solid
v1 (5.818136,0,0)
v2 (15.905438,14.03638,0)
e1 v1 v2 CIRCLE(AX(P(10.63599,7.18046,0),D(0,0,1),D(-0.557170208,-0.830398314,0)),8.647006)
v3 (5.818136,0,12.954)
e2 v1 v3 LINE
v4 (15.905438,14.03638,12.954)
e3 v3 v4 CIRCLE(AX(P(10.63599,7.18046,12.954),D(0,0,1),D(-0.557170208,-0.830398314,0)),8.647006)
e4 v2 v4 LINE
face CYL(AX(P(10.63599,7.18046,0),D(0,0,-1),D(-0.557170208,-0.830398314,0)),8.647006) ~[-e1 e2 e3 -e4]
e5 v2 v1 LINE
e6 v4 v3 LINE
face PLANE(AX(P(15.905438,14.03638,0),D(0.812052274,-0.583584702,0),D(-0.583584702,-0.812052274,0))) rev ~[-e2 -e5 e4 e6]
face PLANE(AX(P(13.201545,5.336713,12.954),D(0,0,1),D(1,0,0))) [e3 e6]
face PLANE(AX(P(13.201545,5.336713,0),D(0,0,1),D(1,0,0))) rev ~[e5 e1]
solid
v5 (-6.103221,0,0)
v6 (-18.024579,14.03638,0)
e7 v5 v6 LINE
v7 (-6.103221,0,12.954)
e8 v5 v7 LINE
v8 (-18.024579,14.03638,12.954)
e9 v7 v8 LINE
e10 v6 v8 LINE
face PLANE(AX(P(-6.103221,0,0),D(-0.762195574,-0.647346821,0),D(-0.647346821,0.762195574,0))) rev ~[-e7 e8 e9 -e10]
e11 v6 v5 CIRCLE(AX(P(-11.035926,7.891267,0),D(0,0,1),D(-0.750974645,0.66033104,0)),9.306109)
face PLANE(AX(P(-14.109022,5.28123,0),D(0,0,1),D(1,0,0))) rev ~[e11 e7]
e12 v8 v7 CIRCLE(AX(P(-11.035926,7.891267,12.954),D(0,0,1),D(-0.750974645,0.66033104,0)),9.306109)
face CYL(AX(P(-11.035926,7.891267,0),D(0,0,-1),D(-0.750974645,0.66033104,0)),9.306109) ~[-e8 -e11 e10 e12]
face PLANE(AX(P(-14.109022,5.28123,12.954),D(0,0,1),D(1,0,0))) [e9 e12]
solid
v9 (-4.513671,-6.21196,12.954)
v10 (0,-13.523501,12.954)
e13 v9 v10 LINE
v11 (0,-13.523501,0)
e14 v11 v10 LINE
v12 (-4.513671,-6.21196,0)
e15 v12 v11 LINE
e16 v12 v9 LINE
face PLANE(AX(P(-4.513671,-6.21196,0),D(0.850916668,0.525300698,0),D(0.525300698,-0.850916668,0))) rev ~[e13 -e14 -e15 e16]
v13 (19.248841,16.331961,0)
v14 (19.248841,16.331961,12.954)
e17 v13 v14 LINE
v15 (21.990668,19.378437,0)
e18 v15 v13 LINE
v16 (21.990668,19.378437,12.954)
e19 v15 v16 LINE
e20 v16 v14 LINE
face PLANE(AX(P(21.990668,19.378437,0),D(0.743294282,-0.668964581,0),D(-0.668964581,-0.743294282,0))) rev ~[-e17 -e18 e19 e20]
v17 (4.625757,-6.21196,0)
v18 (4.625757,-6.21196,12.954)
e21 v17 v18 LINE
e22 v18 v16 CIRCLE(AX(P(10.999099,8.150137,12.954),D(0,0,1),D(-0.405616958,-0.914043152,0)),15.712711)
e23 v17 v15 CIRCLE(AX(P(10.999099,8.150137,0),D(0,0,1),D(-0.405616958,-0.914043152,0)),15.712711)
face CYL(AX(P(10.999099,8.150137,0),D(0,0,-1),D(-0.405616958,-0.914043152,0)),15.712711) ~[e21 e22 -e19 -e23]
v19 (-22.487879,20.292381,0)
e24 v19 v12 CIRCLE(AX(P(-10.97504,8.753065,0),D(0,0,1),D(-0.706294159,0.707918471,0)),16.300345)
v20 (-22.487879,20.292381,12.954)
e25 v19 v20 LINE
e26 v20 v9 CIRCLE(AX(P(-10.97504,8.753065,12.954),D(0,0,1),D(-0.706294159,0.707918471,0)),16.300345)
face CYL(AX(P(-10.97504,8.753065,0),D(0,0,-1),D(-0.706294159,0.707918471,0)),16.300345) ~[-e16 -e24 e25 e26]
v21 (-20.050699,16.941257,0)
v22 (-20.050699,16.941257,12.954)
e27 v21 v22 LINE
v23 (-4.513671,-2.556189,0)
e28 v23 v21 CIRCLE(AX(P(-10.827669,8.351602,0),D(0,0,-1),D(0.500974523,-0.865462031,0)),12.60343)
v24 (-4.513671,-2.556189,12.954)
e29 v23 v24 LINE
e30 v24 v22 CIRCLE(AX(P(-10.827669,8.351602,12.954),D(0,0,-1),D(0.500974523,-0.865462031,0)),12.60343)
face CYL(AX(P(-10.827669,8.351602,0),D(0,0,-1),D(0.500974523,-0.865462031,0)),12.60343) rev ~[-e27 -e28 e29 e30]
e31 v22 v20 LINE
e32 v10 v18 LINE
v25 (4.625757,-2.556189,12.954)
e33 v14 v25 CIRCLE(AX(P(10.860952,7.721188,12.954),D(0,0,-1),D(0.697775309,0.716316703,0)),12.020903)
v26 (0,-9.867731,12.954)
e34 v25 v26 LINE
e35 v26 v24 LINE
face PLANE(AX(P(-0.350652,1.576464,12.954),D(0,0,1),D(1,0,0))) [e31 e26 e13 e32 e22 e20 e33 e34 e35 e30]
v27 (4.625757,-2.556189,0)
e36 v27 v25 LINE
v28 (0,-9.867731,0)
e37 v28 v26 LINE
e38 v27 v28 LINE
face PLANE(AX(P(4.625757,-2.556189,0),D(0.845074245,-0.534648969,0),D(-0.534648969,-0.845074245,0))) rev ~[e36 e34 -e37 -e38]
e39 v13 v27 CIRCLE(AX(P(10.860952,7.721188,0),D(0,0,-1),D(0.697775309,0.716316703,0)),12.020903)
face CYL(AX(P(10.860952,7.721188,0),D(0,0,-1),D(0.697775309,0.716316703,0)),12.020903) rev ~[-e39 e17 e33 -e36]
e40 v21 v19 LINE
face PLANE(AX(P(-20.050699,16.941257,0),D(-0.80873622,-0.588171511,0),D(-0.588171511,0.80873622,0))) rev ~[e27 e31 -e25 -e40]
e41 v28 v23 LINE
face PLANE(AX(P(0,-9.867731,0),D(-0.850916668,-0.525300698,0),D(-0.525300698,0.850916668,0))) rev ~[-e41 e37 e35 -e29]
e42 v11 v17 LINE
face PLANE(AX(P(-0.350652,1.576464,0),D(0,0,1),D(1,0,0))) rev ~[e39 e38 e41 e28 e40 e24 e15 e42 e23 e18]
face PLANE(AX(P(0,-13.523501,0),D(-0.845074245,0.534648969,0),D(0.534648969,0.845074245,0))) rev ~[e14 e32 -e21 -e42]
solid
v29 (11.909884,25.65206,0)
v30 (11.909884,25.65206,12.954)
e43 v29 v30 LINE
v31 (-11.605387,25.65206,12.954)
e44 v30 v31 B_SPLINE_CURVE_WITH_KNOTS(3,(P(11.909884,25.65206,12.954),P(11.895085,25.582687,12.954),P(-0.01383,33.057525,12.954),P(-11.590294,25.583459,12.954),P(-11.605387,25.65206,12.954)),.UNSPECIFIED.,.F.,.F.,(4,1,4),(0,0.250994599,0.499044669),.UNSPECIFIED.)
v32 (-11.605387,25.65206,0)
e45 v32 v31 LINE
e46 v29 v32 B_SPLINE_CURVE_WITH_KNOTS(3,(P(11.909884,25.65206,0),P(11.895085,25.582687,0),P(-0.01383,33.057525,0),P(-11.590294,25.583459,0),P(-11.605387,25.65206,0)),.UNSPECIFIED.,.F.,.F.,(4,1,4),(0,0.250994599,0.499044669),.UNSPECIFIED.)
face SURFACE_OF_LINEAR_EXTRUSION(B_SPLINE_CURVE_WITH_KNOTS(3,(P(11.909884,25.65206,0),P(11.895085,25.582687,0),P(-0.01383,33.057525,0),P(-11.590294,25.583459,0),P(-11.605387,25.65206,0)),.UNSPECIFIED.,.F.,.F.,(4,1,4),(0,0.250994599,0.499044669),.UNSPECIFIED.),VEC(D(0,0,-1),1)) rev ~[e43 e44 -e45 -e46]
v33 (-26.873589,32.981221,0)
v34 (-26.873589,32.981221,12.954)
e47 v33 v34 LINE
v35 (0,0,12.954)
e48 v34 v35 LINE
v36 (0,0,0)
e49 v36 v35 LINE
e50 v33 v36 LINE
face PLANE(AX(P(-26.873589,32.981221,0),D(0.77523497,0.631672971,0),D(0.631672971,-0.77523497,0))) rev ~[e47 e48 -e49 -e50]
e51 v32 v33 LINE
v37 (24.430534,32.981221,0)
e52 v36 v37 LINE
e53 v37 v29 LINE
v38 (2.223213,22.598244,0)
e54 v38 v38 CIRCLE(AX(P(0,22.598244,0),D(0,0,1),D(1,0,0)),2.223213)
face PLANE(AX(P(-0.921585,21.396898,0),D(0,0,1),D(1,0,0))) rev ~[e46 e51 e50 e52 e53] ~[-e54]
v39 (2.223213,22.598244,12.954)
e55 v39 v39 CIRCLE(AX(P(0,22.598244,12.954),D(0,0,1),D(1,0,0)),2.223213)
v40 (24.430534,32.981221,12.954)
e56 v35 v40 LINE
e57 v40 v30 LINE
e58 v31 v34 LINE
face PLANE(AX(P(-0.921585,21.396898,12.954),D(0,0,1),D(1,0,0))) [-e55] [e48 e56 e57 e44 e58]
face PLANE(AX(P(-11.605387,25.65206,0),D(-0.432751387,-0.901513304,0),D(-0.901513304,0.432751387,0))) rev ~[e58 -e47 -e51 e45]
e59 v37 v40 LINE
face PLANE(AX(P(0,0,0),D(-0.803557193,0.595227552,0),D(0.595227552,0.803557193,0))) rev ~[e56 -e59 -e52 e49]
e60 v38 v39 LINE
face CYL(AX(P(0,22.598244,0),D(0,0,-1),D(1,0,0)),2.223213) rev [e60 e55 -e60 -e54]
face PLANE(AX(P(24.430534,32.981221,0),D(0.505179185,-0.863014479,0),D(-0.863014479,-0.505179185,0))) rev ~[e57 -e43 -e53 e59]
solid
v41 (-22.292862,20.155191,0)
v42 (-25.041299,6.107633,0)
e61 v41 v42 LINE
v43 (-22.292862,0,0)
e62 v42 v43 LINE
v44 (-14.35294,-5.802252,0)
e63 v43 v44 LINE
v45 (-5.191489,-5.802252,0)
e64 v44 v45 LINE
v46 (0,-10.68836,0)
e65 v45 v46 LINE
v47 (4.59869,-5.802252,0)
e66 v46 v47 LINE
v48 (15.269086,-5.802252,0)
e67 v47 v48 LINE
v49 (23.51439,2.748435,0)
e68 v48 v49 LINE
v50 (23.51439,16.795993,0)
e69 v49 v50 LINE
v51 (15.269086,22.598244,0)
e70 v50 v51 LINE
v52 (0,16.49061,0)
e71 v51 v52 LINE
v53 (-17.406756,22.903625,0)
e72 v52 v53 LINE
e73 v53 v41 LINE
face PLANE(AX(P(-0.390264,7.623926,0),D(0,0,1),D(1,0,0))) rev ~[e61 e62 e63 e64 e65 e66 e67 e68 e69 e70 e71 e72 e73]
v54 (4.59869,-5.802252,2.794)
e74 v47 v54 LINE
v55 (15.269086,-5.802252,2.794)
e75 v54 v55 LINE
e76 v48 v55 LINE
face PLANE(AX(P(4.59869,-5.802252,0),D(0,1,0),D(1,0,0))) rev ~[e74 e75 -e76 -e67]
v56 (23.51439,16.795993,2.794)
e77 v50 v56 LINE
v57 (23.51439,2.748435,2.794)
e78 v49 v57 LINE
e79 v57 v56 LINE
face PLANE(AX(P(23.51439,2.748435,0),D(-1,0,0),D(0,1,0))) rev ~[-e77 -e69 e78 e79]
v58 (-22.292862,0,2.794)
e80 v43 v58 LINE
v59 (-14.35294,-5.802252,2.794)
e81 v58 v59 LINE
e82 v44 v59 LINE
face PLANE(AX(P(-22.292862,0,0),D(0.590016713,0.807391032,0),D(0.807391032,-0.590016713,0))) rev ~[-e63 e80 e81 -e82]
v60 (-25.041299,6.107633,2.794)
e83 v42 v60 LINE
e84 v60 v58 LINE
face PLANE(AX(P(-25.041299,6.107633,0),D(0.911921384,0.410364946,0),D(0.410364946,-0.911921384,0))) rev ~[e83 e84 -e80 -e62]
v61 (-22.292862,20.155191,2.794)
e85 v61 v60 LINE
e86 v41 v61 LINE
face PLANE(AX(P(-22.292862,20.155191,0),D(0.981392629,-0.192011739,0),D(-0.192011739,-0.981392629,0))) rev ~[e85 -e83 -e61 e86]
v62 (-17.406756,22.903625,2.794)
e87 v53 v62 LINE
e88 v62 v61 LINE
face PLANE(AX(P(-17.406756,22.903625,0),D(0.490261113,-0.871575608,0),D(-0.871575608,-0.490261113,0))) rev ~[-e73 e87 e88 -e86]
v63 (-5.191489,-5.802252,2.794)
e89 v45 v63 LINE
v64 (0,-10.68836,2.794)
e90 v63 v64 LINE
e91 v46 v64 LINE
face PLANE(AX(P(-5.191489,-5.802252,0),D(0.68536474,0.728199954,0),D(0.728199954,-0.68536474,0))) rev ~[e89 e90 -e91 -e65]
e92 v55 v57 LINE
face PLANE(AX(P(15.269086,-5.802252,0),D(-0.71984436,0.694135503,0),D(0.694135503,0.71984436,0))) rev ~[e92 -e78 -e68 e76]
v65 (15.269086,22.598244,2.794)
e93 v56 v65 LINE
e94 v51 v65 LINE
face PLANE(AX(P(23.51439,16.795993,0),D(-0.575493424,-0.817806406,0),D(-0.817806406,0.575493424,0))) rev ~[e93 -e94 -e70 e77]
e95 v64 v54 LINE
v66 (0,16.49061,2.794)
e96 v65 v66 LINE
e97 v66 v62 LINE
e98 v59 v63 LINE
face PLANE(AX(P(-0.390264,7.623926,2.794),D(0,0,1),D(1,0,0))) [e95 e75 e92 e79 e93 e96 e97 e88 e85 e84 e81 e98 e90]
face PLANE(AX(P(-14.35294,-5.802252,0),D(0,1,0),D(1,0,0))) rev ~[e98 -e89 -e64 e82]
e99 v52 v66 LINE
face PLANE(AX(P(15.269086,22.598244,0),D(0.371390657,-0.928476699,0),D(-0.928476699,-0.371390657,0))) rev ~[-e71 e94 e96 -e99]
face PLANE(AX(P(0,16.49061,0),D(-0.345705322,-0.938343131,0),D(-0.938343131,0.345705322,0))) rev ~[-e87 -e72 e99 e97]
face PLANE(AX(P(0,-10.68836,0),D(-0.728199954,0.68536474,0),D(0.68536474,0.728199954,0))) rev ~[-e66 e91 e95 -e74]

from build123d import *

# Parameters (mm, degrees)
F0_R     = 2.223213263
F3_DEPTH = 12.954
F5_DEPTH = 2.794


with BuildPart() as f3:
    # F0 (on Top) → F3 (new body)
    with BuildSketch(Plane.XY):
        with BuildLine():
            Line((-11.6053866223, 25.6520602852), (-26.873588562, 32.9812206328))
            Line((-26.873588562, 32.9812206328), (0, 0))
            Line((0, 0), (24.4305338711, 32.9812206328))
            Line((24.4305338711, 32.9812206328), (11.9098844007, 25.6520602852))
            add(Edge.make_bspline(
                [(11.9098844007, 25.6520602852), (11.8950853565, 25.5826867073), (-0.0138297746, 33.0575249946), (-11.5902944104, 25.5834590306), (-11.6053866223, 25.6520602852)],
                knots=[0, 0, 0, 0, 0.2509945987, 0.4990446693, 0.4990446693, 0.4990446693, 0.4990446693], degree=3))
        make_face()
        with Locations((0, 22.5982442498)):
            Circle(F0_R, mode=Mode.SUBTRACT)
    extrude(amount=F3_DEPTH)


with BuildPart() as f3b:
    # F1 (on Top) → F3, piece 2 (new body)
    with BuildSketch(Plane.XY):
        with BuildLine():
            ThreePointArc((-18.0245786905, 14.0363797545), (-18.1290018819, 1.8669864944), (-6.1032213271, 0))
            Line((-6.1032213271, 0), (-18.0245786905, 14.0363797545))
        make_face()
    extrude(amount=F3_DEPTH)


with BuildPart() as f3c:
    # F1 (on Top) → F3, piece 3 (new body)
    with BuildSketch(Plane.XY):
        with BuildLine():
            Line((15.905437991, 14.0363797545), (5.8181360364, 0))
            ThreePointArc((5.8181360364, 0), (17.6578116159, 2.1341988873), (15.905437991, 14.0363797545))
        make_face()
    extrude(amount=F3_DEPTH)


with BuildPart() as f3d:
    # F2 (on Top) → F3, piece 4 (new body)
    with BuildSketch(Plane.XY):
        with BuildLine():
            ThreePointArc((19.2488413304, 16.3319613785), (20.3661650087, 0.3623127877), (4.6257572249, -2.5561887305))
            Line((4.6257572249, -2.5561887305), (0, -9.8677305505))
            Line((0, -9.8677305505), (-4.513671156, -2.5561887305))
            ThreePointArc((-4.513671156, -2.5561887305), (-20.6843016825, 0.4970969832), (-20.0506988913, 16.9412568212))
            Line((-20.0506988913, 16.9412568212), (-22.4878787994, 20.2923808247))
            ThreePointArc((-22.4878787994, 20.2923808247), (-24.4657536531, -0.3958093223), (-4.513671156, -6.2119596405))
            Line((-4.513671156, -6.2119596405), (0, -13.5235014604))
            Line((0, -13.5235014604), (4.6257572249, -6.2119596405))
            ThreePointArc((4.6257572249, -6.2119596405), (24.0009877864, -0.6725727455), (21.9906680286, 19.3784367293))
            Line((21.9906680286, 19.3784367293), (19.2488413304, 16.3319613785))
        make_face()
    extrude(amount=F3_DEPTH)


with BuildPart() as f5:
    # F4 (on Top) → F5 (new body)
    with BuildSketch(Plane.XY):
        Polygon((0, 16.4906103164), (-17.4067560583, 22.903624922), (-22.292861715, 20.1551914215), (-25.0412989408, 6.1076334678), (-22.292861715, 0), (-14.3529400229, -5.8022523299), (-5.1914886571, -5.8022523299), (0, -10.6883598492), (4.5986899455, -5.8022523299), (15.2690857649, -5.8022523299), (23.5143899918, 2.7484351303), (23.5143899918, 12.2152669355), (23.5143899918, 16.7959928513), (15.2690857649, 22.5982442498), align=None)
    extrude(amount=F5_DEPTH)


solid = Compound([f3.part, f3b.part, f3c.part, f3d.part, f5.part])
